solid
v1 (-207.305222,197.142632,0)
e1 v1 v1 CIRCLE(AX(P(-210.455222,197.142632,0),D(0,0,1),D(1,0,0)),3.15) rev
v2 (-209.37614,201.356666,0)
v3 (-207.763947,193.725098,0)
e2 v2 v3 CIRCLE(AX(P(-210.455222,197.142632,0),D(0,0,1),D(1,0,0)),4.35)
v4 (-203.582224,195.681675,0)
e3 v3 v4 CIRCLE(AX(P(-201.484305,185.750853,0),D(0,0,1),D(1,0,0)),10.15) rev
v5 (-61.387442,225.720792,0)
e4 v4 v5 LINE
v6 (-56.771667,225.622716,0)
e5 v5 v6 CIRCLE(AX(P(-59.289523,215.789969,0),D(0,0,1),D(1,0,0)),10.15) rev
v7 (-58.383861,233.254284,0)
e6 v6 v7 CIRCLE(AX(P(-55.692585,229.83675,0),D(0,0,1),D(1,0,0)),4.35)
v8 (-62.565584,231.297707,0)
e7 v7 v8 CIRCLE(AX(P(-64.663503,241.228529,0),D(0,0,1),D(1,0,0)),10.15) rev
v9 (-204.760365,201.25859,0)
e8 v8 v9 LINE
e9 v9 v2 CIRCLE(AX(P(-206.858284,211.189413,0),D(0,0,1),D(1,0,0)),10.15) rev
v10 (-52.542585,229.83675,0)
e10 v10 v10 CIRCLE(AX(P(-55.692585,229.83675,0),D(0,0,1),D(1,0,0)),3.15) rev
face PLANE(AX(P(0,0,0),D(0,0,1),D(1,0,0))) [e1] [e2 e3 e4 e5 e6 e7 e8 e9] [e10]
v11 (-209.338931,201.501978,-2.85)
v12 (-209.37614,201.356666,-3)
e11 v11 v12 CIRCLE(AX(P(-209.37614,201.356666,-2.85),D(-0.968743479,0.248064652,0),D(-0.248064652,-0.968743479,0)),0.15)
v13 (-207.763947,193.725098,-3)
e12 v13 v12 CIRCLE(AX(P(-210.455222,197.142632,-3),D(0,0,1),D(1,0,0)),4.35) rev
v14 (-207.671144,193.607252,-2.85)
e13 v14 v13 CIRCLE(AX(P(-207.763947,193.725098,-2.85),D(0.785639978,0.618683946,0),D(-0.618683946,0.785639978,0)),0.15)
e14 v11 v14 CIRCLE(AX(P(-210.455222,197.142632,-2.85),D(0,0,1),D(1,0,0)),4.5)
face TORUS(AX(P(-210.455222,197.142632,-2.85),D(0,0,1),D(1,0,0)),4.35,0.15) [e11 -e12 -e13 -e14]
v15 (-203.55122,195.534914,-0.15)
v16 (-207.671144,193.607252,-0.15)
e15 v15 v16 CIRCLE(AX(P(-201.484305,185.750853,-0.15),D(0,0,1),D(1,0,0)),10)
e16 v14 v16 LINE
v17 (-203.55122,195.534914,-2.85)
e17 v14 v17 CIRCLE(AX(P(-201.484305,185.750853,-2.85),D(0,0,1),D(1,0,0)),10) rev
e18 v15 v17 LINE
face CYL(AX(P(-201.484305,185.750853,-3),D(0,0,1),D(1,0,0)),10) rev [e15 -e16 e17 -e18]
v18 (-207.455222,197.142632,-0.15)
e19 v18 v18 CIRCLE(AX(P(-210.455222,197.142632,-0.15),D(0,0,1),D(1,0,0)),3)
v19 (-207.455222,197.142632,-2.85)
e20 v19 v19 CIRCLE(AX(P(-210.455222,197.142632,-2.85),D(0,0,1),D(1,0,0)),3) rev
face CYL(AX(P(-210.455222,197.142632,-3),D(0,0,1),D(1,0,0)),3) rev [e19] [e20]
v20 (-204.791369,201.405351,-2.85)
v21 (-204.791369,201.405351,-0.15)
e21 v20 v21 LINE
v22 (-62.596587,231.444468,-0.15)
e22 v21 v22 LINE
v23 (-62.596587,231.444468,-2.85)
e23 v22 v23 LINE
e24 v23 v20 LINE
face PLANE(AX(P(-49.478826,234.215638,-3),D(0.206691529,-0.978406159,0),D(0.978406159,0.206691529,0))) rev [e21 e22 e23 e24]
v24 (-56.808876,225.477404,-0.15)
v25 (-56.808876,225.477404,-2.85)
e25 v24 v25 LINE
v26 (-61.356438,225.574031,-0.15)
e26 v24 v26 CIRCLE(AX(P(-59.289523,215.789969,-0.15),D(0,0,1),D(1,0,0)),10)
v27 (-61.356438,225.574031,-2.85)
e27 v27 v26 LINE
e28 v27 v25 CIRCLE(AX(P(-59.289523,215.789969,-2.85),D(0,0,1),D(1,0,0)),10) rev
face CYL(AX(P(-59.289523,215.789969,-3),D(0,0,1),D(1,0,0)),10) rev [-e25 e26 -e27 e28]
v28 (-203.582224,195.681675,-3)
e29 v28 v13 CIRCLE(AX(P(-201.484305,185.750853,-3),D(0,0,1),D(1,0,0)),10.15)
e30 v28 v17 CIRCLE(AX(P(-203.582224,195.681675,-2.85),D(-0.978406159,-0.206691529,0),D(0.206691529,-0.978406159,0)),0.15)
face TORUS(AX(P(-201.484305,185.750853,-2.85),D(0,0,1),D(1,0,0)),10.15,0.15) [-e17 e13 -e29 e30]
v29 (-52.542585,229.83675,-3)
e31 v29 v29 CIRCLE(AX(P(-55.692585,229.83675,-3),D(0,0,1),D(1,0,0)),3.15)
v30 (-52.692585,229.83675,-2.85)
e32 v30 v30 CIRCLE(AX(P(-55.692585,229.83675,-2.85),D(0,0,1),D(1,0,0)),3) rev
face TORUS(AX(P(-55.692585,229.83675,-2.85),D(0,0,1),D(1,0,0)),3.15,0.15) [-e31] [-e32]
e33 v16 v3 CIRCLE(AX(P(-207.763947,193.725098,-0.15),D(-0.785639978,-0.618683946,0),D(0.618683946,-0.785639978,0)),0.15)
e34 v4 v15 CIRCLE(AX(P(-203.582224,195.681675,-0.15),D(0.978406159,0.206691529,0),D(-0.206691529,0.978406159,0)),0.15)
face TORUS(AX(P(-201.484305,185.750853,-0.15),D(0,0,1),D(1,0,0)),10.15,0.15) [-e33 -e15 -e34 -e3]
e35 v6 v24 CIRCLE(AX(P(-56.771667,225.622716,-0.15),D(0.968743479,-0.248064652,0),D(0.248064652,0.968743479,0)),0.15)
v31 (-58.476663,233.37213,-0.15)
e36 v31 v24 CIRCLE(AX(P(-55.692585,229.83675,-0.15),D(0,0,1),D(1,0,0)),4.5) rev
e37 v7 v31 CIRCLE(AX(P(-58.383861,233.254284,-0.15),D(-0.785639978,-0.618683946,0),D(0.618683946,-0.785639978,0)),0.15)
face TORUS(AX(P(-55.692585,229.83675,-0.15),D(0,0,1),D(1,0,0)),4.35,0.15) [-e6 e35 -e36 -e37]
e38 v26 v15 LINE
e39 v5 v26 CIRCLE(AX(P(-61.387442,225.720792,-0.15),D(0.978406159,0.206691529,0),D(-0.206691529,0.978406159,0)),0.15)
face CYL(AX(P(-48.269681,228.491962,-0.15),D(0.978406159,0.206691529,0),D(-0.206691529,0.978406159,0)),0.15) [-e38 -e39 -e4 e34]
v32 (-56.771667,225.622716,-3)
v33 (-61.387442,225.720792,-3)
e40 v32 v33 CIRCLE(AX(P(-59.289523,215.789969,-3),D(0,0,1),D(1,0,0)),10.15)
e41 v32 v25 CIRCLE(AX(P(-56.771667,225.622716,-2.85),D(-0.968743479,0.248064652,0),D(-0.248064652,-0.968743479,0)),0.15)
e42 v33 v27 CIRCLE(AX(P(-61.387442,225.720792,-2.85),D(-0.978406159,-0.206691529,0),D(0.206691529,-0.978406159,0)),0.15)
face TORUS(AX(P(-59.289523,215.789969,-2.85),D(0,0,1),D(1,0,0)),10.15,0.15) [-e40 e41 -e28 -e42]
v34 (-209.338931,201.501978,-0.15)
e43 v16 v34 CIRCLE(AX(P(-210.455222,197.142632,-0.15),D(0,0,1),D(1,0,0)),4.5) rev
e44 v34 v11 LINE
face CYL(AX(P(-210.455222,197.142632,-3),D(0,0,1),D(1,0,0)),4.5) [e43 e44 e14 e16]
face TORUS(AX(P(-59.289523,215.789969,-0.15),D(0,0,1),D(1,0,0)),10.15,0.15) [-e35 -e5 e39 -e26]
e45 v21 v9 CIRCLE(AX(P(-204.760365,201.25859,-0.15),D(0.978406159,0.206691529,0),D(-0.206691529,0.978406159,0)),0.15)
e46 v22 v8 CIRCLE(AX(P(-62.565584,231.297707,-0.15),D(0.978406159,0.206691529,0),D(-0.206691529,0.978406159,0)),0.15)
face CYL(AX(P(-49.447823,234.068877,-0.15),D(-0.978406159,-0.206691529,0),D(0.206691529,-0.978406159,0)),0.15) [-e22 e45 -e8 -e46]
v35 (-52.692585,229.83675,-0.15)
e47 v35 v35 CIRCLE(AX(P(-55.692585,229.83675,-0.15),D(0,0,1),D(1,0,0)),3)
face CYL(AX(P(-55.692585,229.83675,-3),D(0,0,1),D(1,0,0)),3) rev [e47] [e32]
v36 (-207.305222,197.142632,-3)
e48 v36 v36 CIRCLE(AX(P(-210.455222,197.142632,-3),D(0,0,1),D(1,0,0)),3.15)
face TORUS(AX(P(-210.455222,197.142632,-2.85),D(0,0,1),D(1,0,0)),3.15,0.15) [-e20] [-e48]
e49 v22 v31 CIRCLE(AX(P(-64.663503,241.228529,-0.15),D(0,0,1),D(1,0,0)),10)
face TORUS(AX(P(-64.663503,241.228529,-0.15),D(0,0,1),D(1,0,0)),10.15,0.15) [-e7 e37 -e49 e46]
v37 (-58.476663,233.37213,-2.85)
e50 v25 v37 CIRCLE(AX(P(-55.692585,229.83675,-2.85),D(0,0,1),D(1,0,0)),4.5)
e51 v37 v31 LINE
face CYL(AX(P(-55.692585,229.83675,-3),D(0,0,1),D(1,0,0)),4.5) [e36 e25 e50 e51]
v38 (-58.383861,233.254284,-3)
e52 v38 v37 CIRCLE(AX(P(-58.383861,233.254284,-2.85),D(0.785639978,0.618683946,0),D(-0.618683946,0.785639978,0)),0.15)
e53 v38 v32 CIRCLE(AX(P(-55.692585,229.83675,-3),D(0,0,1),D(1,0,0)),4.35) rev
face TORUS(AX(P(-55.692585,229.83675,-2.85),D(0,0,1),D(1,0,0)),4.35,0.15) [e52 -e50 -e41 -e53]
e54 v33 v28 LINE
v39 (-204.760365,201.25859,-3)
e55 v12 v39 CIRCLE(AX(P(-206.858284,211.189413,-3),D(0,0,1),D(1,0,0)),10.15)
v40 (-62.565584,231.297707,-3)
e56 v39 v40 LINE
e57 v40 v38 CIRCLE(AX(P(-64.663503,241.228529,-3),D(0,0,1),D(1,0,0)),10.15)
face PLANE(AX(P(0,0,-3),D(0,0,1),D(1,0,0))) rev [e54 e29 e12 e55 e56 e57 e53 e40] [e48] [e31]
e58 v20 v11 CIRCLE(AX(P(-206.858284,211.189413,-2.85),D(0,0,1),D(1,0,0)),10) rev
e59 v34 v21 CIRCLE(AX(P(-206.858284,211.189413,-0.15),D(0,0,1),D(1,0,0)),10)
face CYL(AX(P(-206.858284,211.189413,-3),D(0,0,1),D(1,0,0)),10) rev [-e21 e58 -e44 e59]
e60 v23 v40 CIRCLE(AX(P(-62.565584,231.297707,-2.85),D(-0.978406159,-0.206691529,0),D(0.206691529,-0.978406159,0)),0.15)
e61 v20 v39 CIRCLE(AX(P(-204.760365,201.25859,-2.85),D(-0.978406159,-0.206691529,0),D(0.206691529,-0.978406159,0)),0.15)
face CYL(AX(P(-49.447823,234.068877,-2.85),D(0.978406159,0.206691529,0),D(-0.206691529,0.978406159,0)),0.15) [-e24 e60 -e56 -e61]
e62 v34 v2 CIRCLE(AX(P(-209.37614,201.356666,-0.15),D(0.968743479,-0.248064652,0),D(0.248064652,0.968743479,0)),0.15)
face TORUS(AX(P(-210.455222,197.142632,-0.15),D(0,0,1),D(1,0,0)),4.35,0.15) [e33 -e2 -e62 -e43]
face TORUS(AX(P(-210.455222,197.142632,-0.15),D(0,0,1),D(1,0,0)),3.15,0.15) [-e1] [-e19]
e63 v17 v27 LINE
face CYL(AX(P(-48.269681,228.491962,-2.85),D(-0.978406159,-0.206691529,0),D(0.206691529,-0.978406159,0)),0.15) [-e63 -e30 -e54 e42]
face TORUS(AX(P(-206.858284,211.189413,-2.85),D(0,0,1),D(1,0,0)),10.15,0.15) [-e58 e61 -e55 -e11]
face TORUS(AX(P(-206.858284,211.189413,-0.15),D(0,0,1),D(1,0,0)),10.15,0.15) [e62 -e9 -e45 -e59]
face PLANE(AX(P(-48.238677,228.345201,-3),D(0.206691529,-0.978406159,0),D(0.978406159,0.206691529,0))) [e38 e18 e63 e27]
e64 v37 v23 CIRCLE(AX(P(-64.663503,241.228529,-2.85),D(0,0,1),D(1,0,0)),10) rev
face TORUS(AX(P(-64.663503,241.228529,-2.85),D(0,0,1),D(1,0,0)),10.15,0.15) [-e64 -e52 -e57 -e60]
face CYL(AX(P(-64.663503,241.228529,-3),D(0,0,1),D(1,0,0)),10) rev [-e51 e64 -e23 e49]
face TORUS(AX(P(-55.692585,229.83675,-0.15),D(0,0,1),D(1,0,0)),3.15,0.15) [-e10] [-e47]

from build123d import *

# Parameters (mm, degrees)
BOSS_EXTRUDE1_DEPTH = 3
FILLET1_R           = 10
FILLET2_R           = 0.15


with BuildPart() as part:
    # Sketch1 → Boss-Extrude1 (new body)
    with BuildSketch(Plane.XY):
        with BuildLine():
            ThreePointArc((-209.835147147, 194.207413795), (-213.390440211, 196.522557684), (-211.075296322, 200.077850749))
            Line((-211.075296322, 200.077850749), (-207.793622301, 200.771115213))
            ThreePointArc((-207.793622301, 200.771115213), (-214.85804945, 196.212520391), (-206.553473126, 194.90067826))
            Line((-206.553473126, 194.90067826), (-209.835147147, 194.207413795))
        make_face()
        with BuildLine():
            Line((-207.793622301, 200.771115213), (-211.075296322, 200.077850749))
            ThreePointArc((-211.075296322, 200.077850749), (-207.520003258, 197.762706859), (-209.835147147, 194.207413795))
            Line((-209.835147147, 194.207413795), (-206.553473126, 194.90067826))
            ThreePointArc((-206.553473126, 194.90067826), (-206.107356239, 195.982431587), (-205.955221735, 197.142632272))
            ThreePointArc((-205.955221735, 197.142632272), (-206.441047009, 199.176446736), (-207.793622301, 200.771115213))
        make_face()
        with BuildLine():
            Line((-59.594334041, 232.07870382), (-207.793622301, 200.771115213))
            ThreePointArc((-207.793622301, 200.771115213), (-206.441047009, 199.176446736), (-205.955221735, 197.142632272))
            ThreePointArc((-205.955221735, 197.142632272), (-206.107356239, 195.982431587), (-206.553473126, 194.90067826))
            Line((-206.553473126, 194.90067826), (-58.354184866, 226.208266866))
            ThreePointArc((-58.354184866, 226.208266866), (-60.095413147, 228.906637926), (-59.594334041, 232.07870382))
        make_face()
        with BuildLine():
            ThreePointArc((-51.192585432, 229.836749808), (-54.532384747, 234.184615303), (-59.594334041, 232.07870382))
            Line((-59.594334041, 232.07870382), (-56.31266002, 232.771968284))
            ThreePointArc((-56.31266002, 232.771968284), (-52.757366956, 230.456824395), (-55.072510845, 226.901531331))
            Line((-55.072510845, 226.901531331), (-58.354184866, 226.208266866))
            ThreePointArc((-58.354184866, 226.208266866), (-53.658770968, 225.822575082), (-51.192585432, 229.836749808))
        make_face()
        with BuildLine():
            Line((-56.31266002, 232.771968284), (-59.594334041, 232.07870382))
            ThreePointArc((-59.594334041, 232.07870382), (-60.095413147, 228.906637926), (-58.354184866, 226.208266866))
            Line((-58.354184866, 226.208266866), (-55.072510845, 226.901531331))
            ThreePointArc((-55.072510845, 226.901531331), (-58.627803909, 229.21667522), (-56.31266002, 232.771968284))
        make_face()
    extrude(amount=-BOSS_EXTRUDE1_DEPTH)

    # Fillet1
    fillet1_edges = [part.edges().sort_by_distance(p)[0] for p in [
        (-207.793622301, 200.771115213, -1.5),
        (-59.594334041, 232.07870382, -1.5),
        (-58.354184866, 226.208266866, -1.5),
        (-206.553473126, 194.90067826, -1.5),
    ]]
    fillet(fillet1_edges, radius=FILLET1_R)

    # Fillet2
    fillet2_edges = [part.edges().sort_by_distance(p)[0] for p in [
        (-56.31266002, 232.771968284, 0),
        (-51.289757717, 230.766861689, 0),
        (-51.289757717, 230.766861689, -3),
        (-133.693978171, 216.424909516, 0),
        (-133.693978171, 216.424909516, -3),
        (-132.453828996, 210.554472563, 0),
        (-132.453828996, 210.554472563, -3),
        (-209.835147147, 194.207413795, -3),
        (-214.85804945, 196.212520391, 0),
        (-214.85804945, 196.212520391, -3),
        (-60.425568376, 232.170940787, 0),
        (-60.425568376, 232.170940787, -3),
        (-59.077090387, 225.787712727, 0),
        (-59.077090387, 225.787712727, -3),
        (-205.722238791, 194.808441292, 0),
        (-205.722238791, 194.808441292, -3),
        (-207.07071678, 201.191669353, 0),
        (-207.07071678, 201.191669353, -3),
        (-56.31266002, 232.771968284, -3),
        (-209.835147147, 194.207413795, 0),
    ]]
    fillet(fillet2_edges, radius=FILLET2_R)


solid = part.part
